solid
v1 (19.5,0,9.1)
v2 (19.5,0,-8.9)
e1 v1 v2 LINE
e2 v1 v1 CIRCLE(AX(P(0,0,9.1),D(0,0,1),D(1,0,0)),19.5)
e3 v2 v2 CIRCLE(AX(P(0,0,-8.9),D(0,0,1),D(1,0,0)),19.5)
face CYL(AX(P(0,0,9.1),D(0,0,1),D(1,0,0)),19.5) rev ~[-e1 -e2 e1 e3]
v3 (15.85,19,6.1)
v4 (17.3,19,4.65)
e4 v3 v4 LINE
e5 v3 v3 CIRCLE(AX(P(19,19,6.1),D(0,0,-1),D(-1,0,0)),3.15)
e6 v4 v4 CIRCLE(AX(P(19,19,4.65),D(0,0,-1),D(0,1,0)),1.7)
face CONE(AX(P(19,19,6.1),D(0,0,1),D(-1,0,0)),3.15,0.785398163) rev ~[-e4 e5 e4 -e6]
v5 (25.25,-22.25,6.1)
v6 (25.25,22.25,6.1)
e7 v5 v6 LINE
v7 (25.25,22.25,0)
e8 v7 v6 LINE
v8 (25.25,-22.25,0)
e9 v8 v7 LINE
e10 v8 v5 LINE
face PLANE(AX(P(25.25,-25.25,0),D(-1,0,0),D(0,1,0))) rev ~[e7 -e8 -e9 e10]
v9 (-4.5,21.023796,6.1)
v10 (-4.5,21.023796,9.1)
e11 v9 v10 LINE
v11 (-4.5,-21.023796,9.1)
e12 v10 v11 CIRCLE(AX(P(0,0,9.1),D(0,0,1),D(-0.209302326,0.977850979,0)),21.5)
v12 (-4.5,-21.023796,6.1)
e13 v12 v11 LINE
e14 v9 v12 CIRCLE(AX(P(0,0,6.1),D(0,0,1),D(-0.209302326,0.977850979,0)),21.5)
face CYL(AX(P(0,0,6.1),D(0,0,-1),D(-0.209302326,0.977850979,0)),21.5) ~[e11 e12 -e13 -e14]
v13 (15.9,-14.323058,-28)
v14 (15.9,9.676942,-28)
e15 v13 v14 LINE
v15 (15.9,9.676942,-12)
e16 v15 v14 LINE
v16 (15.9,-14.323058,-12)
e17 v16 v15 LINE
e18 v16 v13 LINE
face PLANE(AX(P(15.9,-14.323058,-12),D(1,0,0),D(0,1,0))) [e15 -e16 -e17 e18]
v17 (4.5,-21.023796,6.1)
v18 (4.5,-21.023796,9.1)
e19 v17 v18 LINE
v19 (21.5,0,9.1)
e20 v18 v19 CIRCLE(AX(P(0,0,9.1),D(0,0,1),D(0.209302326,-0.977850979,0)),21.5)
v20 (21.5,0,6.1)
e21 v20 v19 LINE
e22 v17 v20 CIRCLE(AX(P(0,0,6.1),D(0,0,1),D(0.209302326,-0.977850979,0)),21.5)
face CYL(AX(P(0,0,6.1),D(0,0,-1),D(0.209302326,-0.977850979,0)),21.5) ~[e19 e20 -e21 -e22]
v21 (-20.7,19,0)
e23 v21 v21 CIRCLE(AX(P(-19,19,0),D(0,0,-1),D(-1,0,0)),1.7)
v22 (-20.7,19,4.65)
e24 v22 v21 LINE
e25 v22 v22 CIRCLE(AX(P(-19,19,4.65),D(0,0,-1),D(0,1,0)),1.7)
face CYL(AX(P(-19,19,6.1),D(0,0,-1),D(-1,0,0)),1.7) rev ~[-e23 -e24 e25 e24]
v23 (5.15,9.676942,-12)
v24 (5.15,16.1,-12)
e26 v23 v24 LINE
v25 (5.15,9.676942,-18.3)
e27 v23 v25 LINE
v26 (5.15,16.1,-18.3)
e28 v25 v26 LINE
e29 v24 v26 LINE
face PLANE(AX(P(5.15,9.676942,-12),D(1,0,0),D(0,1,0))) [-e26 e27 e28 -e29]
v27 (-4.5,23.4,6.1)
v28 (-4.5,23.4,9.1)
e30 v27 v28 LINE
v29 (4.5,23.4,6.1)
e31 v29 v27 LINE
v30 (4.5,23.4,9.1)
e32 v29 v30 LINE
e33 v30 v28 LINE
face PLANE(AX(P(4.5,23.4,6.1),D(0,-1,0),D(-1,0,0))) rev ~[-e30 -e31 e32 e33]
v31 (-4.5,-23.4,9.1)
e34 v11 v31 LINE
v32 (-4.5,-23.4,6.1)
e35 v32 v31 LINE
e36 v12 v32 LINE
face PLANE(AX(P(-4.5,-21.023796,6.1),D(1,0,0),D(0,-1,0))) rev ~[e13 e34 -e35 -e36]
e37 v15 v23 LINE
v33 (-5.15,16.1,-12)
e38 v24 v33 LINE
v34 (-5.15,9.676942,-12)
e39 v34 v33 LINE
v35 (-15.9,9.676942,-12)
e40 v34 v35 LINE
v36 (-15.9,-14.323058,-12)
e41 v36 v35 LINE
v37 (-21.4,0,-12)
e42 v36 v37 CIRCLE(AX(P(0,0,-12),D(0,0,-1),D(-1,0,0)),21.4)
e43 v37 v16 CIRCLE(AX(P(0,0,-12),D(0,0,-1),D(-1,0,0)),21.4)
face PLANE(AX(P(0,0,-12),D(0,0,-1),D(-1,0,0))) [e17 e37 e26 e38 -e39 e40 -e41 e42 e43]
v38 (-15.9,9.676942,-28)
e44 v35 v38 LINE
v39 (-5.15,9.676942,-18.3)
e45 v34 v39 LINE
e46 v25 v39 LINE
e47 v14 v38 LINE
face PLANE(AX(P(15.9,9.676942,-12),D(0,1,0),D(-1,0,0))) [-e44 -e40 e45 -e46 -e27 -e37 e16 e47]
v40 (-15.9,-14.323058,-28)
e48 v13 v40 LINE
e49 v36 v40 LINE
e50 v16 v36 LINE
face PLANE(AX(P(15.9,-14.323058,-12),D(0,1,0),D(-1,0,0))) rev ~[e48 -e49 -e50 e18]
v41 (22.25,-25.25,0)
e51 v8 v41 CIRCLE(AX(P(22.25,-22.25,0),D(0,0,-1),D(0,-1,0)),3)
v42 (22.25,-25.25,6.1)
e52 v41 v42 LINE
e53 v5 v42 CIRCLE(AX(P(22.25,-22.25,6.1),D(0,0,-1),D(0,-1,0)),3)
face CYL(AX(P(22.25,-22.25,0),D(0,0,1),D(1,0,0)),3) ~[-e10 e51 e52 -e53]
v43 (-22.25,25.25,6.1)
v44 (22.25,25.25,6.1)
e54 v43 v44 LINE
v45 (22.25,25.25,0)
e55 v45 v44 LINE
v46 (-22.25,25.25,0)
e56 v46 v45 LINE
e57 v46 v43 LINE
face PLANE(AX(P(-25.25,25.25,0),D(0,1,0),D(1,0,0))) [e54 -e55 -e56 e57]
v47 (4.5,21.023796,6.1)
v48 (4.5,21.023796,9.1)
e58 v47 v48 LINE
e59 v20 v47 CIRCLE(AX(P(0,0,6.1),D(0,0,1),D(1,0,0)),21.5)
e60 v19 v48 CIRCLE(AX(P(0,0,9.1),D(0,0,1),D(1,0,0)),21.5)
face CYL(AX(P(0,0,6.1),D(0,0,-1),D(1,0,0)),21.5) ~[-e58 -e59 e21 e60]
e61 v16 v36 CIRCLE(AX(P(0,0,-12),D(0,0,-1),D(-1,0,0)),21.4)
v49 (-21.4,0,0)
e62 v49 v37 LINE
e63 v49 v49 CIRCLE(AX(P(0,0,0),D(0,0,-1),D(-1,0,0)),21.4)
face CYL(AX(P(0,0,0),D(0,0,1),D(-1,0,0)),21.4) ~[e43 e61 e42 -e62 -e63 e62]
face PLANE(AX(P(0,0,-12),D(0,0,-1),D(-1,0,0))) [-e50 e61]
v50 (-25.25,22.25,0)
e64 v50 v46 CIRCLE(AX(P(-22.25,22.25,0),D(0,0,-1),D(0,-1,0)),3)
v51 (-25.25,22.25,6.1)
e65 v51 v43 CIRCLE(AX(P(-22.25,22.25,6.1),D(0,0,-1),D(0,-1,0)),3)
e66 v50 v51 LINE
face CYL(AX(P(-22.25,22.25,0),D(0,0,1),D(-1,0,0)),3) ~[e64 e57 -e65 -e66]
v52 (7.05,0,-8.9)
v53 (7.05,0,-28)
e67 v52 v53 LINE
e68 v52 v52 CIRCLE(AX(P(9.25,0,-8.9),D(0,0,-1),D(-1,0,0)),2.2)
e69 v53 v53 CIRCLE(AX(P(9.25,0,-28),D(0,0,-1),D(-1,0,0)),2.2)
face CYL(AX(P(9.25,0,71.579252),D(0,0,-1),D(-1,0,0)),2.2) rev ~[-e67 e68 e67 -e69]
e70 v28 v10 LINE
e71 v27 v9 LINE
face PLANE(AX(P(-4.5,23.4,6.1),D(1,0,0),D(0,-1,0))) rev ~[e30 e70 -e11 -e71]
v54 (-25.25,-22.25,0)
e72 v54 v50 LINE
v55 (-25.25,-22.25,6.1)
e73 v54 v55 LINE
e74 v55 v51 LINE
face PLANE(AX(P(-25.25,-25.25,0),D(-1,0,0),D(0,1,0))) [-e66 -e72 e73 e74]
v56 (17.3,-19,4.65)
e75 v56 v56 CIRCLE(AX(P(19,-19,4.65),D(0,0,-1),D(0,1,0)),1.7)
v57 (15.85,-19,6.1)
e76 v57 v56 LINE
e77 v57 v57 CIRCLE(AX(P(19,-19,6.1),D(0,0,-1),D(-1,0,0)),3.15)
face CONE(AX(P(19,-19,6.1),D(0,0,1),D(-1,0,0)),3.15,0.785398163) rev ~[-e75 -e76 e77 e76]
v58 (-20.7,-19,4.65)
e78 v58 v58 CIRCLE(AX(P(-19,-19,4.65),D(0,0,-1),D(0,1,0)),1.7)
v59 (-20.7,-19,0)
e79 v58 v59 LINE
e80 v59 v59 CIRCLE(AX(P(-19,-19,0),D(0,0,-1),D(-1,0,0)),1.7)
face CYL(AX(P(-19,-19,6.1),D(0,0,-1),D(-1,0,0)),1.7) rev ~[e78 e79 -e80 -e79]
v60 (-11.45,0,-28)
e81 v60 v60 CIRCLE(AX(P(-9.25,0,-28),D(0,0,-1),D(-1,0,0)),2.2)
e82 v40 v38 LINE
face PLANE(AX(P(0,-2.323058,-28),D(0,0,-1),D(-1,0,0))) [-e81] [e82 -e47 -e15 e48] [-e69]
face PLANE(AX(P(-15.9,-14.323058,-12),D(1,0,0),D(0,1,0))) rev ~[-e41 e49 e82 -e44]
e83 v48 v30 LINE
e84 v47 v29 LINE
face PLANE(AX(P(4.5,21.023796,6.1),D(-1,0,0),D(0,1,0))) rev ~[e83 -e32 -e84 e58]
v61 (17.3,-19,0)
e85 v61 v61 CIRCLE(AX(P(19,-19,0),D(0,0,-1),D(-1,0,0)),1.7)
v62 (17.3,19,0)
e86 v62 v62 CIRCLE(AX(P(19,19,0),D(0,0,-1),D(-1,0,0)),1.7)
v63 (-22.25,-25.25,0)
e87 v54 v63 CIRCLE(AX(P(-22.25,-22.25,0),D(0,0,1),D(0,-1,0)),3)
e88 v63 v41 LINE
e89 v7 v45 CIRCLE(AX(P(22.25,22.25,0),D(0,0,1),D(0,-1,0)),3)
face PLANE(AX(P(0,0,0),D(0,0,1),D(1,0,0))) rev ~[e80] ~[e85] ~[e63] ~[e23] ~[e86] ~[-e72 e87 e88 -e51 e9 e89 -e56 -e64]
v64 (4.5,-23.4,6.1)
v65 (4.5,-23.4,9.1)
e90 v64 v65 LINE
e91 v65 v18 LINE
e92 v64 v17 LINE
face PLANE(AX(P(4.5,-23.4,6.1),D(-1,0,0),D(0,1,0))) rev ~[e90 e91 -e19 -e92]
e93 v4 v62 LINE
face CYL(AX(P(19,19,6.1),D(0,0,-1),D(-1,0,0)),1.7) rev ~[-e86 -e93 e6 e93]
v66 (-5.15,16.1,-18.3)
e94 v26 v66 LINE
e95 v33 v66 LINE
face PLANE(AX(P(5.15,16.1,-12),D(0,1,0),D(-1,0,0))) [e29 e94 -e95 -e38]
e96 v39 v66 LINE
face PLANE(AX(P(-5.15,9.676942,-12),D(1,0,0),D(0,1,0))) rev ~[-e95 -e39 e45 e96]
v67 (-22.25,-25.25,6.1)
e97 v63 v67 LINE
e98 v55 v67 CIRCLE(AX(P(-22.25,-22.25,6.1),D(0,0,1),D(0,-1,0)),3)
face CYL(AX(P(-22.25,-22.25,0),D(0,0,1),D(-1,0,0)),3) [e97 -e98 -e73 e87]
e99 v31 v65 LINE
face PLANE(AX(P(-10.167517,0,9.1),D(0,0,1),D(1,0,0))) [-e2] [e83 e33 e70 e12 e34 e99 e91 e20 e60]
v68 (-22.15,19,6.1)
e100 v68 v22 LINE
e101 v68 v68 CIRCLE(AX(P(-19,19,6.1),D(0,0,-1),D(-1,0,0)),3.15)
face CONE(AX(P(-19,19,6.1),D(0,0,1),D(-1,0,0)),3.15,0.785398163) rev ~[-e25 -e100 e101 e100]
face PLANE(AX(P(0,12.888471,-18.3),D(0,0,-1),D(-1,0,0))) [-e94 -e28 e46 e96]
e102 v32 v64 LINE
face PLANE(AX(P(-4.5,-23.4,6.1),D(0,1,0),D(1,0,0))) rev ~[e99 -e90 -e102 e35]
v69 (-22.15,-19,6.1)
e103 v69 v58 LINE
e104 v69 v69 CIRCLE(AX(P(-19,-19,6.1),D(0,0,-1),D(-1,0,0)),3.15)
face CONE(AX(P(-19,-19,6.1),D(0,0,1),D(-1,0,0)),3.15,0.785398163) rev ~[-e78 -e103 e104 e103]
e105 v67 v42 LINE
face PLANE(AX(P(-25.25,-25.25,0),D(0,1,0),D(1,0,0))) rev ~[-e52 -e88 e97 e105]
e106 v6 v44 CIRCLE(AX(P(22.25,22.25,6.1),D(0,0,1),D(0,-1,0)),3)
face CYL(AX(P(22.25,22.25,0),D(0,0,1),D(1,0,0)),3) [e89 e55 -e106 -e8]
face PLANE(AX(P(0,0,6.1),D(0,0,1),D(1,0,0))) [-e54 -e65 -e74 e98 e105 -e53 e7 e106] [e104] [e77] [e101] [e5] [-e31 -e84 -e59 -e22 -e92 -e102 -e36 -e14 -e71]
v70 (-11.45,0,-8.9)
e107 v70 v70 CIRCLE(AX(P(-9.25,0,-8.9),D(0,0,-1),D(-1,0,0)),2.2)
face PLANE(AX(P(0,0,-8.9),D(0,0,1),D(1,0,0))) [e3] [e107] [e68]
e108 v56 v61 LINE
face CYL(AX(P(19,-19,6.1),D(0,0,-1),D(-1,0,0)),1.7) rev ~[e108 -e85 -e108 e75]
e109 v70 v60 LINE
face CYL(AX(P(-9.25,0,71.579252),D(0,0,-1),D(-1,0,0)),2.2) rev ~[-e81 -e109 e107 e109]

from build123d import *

# Parameters (mm, degrees)
SKIZZE1_W                                            = 50.5
SKIZZE1_H                                            = 50.5
AUFSATZ_LINEAR_AUSTRAGEN1_DEPTH                      = 6.1
AUFSATZ_LINEAR_AUSTRAGEN2_DEPTH                      = 3
SKIZZE3_R                                            = 21.4
AUFSATZ_LINEAR_AUSTRAGEN3_DEPTH                      = 12
SKIZZE4_W                                            = 31.8
SKIZZE4_H                                            = 24
AUFSATZ_LINEAR_AUSTRAGEN4_DEPTH                      = 16
FORMSENKUNG_F_R_M3_LINSENSENKSCHRAUBE_MI_D           = 3.4
FORMSENKUNG_F_R_M3_LINSENSENKSCHRAUBE_MI_CSINK_D     = 6.3
FORMSENKUNG_F_R_M3_LINSENSENKSCHRAUBE_MI_CSINK_ANGLE = 90
VERRUNDUNG1_R                                        = 3
SKIZZE7_R                                            = 19.5
SCHNITT_LINEAR_AUSTRAGEN1_DEPTH                      = 18
F_4_4_4_4_DURCHMESSER_BOHRUNG1_D                     = 4.4
SKIZZE10_W                                           = 10.3
SKIZZE10_H                                           = 6.423058333
AUFSATZ_LINEAR_AUSTRAGEN5_DEPTH                      = 6.3


with BuildPart() as part:
    # Skizze1 → Aufsatz-Linear austragen1 (new body)
    with BuildSketch(Plane.XY):
        Rectangle(SKIZZE1_W, SKIZZE1_H)
    extrude(amount=AUFSATZ_LINEAR_AUSTRAGEN1_DEPTH)

    # Skizze2 → Aufsatz-Linear austragen2 (add)
    with BuildSketch(Plane.XY.offset(6.1)):
        with BuildLine():
            Line((-4.5, -21.023796042), (-4.5, 21.023796042))
            ThreePointArc((-4.5, 21.023796042), (-21.5, 0), (-4.5, -21.023796042))
        make_face()
        with BuildLine():
            ThreePointArc((4.5, 21.023796042), (0, 21.5), (-4.5, 21.023796042))
            Line((-4.5, 21.023796042), (-4.5, -21.023796042))
            ThreePointArc((-4.5, -21.023796042), (0, -21.5), (4.5, -21.023796042))
            Line((4.5, -21.023796042), (4.5, 21.023796042))
        make_face()
        with BuildLine():
            ThreePointArc((21.5, 0), (16.718253497, 13.518505835), (4.5, 21.023796042))
            Line((4.5, 21.023796042), (4.5, -21.023796042))
            ThreePointArc((4.5, -21.023796042), (16.718253497, -13.518505835), (21.5, 0))
        make_face()
        with BuildLine():
            Line((4.5, 23.4), (-4.5, 23.4))
            Line((-4.5, 23.4), (-4.5, 21.023796042))
            ThreePointArc((-4.5, 21.023796042), (0, 21.5), (4.5, 21.023796042))
            Line((4.5, 21.023796042), (4.5, 23.4))
        make_face()
        with BuildLine():
            ThreePointArc((4.5, -21.023796042), (0, -21.5), (-4.5, -21.023796042))
            Line((-4.5, -21.023796042), (-4.5, -23.4))
            Line((-4.5, -23.4), (4.5, -23.4))
            Line((4.5, -23.4), (4.5, -21.023796042))
        make_face()
    extrude(amount=AUFSATZ_LINEAR_AUSTRAGEN2_DEPTH)

    # Skizze3 → Aufsatz-Linear austragen3 (add)
    with BuildSketch(Plane(origin=(0, 0, 0), x_dir=(-1, 0, 0), z_dir=(0, 0, -1))):
        Circle(SKIZZE3_R)
    extrude(amount=AUFSATZ_LINEAR_AUSTRAGEN3_DEPTH)

    # Skizze4 → Aufsatz-Linear austragen4 (add)
    with BuildSketch(Plane(origin=(0, 0, -12), x_dir=(-1, 0, 0), z_dir=(0, 0, -1))):
        with Locations((0, -2.323058333)):
            Rectangle(SKIZZE4_W, SKIZZE4_H)
    extrude(amount=AUFSATZ_LINEAR_AUSTRAGEN4_DEPTH)

    # Formsenkung für M3 Linsensenkschraube mit Schlitz1 (through all)
    with Locations(Plane.XY.offset(6.1)):
        with Locations((-19, 19), (19, 19), (19, -19), (-19, -19)):
            CounterSinkHole(FORMSENKUNG_F_R_M3_LINSENSENKSCHRAUBE_MI_D / 2, FORMSENKUNG_F_R_M3_LINSENSENKSCHRAUBE_MI_CSINK_D / 2, counter_sink_angle=FORMSENKUNG_F_R_M3_LINSENSENKSCHRAUBE_MI_CSINK_ANGLE)

    # Verrundung1
    verrundung1_edges = [part.edges().sort_by_distance(p)[0] for p in [
        (25.25, -25.25, 3.05),
        (-25.25, -25.25, 3.05),
        (-25.25, 25.25, 3.05),
        (25.25, 25.25, 3.05),
    ]]
    fillet(verrundung1_edges, radius=VERRUNDUNG1_R)

    # Skizze7 → Schnitt-Linear austragen1 (cut)
    with BuildSketch(Plane.XY.offset(9.1)):
        Circle(SKIZZE7_R)
    extrude(amount=-SCHNITT_LINEAR_AUSTRAGEN1_DEPTH, mode=Mode.SUBTRACT)

    # Ø4.4 (4.4) Durchmesser Bohrung1 (through all)
    with Locations(Plane.XY.offset(-8.9)):
        with Locations((-9.25, 0), (9.25, 0)):
            Hole(F_4_4_4_4_DURCHMESSER_BOHRUNG1_D / 2)

    # Skizze10 → Aufsatz-Linear austragen5 (add)
    with BuildSketch(Plane(origin=(0, 0, -12), x_dir=(-1, 0, 0), z_dir=(0, 0, -1))):
        with Locations((0, 12.888470834)):
            Rectangle(SKIZZE10_W, SKIZZE10_H)
    extrude(amount=AUFSATZ_LINEAR_AUSTRAGEN5_DEPTH)


solid = part.part
